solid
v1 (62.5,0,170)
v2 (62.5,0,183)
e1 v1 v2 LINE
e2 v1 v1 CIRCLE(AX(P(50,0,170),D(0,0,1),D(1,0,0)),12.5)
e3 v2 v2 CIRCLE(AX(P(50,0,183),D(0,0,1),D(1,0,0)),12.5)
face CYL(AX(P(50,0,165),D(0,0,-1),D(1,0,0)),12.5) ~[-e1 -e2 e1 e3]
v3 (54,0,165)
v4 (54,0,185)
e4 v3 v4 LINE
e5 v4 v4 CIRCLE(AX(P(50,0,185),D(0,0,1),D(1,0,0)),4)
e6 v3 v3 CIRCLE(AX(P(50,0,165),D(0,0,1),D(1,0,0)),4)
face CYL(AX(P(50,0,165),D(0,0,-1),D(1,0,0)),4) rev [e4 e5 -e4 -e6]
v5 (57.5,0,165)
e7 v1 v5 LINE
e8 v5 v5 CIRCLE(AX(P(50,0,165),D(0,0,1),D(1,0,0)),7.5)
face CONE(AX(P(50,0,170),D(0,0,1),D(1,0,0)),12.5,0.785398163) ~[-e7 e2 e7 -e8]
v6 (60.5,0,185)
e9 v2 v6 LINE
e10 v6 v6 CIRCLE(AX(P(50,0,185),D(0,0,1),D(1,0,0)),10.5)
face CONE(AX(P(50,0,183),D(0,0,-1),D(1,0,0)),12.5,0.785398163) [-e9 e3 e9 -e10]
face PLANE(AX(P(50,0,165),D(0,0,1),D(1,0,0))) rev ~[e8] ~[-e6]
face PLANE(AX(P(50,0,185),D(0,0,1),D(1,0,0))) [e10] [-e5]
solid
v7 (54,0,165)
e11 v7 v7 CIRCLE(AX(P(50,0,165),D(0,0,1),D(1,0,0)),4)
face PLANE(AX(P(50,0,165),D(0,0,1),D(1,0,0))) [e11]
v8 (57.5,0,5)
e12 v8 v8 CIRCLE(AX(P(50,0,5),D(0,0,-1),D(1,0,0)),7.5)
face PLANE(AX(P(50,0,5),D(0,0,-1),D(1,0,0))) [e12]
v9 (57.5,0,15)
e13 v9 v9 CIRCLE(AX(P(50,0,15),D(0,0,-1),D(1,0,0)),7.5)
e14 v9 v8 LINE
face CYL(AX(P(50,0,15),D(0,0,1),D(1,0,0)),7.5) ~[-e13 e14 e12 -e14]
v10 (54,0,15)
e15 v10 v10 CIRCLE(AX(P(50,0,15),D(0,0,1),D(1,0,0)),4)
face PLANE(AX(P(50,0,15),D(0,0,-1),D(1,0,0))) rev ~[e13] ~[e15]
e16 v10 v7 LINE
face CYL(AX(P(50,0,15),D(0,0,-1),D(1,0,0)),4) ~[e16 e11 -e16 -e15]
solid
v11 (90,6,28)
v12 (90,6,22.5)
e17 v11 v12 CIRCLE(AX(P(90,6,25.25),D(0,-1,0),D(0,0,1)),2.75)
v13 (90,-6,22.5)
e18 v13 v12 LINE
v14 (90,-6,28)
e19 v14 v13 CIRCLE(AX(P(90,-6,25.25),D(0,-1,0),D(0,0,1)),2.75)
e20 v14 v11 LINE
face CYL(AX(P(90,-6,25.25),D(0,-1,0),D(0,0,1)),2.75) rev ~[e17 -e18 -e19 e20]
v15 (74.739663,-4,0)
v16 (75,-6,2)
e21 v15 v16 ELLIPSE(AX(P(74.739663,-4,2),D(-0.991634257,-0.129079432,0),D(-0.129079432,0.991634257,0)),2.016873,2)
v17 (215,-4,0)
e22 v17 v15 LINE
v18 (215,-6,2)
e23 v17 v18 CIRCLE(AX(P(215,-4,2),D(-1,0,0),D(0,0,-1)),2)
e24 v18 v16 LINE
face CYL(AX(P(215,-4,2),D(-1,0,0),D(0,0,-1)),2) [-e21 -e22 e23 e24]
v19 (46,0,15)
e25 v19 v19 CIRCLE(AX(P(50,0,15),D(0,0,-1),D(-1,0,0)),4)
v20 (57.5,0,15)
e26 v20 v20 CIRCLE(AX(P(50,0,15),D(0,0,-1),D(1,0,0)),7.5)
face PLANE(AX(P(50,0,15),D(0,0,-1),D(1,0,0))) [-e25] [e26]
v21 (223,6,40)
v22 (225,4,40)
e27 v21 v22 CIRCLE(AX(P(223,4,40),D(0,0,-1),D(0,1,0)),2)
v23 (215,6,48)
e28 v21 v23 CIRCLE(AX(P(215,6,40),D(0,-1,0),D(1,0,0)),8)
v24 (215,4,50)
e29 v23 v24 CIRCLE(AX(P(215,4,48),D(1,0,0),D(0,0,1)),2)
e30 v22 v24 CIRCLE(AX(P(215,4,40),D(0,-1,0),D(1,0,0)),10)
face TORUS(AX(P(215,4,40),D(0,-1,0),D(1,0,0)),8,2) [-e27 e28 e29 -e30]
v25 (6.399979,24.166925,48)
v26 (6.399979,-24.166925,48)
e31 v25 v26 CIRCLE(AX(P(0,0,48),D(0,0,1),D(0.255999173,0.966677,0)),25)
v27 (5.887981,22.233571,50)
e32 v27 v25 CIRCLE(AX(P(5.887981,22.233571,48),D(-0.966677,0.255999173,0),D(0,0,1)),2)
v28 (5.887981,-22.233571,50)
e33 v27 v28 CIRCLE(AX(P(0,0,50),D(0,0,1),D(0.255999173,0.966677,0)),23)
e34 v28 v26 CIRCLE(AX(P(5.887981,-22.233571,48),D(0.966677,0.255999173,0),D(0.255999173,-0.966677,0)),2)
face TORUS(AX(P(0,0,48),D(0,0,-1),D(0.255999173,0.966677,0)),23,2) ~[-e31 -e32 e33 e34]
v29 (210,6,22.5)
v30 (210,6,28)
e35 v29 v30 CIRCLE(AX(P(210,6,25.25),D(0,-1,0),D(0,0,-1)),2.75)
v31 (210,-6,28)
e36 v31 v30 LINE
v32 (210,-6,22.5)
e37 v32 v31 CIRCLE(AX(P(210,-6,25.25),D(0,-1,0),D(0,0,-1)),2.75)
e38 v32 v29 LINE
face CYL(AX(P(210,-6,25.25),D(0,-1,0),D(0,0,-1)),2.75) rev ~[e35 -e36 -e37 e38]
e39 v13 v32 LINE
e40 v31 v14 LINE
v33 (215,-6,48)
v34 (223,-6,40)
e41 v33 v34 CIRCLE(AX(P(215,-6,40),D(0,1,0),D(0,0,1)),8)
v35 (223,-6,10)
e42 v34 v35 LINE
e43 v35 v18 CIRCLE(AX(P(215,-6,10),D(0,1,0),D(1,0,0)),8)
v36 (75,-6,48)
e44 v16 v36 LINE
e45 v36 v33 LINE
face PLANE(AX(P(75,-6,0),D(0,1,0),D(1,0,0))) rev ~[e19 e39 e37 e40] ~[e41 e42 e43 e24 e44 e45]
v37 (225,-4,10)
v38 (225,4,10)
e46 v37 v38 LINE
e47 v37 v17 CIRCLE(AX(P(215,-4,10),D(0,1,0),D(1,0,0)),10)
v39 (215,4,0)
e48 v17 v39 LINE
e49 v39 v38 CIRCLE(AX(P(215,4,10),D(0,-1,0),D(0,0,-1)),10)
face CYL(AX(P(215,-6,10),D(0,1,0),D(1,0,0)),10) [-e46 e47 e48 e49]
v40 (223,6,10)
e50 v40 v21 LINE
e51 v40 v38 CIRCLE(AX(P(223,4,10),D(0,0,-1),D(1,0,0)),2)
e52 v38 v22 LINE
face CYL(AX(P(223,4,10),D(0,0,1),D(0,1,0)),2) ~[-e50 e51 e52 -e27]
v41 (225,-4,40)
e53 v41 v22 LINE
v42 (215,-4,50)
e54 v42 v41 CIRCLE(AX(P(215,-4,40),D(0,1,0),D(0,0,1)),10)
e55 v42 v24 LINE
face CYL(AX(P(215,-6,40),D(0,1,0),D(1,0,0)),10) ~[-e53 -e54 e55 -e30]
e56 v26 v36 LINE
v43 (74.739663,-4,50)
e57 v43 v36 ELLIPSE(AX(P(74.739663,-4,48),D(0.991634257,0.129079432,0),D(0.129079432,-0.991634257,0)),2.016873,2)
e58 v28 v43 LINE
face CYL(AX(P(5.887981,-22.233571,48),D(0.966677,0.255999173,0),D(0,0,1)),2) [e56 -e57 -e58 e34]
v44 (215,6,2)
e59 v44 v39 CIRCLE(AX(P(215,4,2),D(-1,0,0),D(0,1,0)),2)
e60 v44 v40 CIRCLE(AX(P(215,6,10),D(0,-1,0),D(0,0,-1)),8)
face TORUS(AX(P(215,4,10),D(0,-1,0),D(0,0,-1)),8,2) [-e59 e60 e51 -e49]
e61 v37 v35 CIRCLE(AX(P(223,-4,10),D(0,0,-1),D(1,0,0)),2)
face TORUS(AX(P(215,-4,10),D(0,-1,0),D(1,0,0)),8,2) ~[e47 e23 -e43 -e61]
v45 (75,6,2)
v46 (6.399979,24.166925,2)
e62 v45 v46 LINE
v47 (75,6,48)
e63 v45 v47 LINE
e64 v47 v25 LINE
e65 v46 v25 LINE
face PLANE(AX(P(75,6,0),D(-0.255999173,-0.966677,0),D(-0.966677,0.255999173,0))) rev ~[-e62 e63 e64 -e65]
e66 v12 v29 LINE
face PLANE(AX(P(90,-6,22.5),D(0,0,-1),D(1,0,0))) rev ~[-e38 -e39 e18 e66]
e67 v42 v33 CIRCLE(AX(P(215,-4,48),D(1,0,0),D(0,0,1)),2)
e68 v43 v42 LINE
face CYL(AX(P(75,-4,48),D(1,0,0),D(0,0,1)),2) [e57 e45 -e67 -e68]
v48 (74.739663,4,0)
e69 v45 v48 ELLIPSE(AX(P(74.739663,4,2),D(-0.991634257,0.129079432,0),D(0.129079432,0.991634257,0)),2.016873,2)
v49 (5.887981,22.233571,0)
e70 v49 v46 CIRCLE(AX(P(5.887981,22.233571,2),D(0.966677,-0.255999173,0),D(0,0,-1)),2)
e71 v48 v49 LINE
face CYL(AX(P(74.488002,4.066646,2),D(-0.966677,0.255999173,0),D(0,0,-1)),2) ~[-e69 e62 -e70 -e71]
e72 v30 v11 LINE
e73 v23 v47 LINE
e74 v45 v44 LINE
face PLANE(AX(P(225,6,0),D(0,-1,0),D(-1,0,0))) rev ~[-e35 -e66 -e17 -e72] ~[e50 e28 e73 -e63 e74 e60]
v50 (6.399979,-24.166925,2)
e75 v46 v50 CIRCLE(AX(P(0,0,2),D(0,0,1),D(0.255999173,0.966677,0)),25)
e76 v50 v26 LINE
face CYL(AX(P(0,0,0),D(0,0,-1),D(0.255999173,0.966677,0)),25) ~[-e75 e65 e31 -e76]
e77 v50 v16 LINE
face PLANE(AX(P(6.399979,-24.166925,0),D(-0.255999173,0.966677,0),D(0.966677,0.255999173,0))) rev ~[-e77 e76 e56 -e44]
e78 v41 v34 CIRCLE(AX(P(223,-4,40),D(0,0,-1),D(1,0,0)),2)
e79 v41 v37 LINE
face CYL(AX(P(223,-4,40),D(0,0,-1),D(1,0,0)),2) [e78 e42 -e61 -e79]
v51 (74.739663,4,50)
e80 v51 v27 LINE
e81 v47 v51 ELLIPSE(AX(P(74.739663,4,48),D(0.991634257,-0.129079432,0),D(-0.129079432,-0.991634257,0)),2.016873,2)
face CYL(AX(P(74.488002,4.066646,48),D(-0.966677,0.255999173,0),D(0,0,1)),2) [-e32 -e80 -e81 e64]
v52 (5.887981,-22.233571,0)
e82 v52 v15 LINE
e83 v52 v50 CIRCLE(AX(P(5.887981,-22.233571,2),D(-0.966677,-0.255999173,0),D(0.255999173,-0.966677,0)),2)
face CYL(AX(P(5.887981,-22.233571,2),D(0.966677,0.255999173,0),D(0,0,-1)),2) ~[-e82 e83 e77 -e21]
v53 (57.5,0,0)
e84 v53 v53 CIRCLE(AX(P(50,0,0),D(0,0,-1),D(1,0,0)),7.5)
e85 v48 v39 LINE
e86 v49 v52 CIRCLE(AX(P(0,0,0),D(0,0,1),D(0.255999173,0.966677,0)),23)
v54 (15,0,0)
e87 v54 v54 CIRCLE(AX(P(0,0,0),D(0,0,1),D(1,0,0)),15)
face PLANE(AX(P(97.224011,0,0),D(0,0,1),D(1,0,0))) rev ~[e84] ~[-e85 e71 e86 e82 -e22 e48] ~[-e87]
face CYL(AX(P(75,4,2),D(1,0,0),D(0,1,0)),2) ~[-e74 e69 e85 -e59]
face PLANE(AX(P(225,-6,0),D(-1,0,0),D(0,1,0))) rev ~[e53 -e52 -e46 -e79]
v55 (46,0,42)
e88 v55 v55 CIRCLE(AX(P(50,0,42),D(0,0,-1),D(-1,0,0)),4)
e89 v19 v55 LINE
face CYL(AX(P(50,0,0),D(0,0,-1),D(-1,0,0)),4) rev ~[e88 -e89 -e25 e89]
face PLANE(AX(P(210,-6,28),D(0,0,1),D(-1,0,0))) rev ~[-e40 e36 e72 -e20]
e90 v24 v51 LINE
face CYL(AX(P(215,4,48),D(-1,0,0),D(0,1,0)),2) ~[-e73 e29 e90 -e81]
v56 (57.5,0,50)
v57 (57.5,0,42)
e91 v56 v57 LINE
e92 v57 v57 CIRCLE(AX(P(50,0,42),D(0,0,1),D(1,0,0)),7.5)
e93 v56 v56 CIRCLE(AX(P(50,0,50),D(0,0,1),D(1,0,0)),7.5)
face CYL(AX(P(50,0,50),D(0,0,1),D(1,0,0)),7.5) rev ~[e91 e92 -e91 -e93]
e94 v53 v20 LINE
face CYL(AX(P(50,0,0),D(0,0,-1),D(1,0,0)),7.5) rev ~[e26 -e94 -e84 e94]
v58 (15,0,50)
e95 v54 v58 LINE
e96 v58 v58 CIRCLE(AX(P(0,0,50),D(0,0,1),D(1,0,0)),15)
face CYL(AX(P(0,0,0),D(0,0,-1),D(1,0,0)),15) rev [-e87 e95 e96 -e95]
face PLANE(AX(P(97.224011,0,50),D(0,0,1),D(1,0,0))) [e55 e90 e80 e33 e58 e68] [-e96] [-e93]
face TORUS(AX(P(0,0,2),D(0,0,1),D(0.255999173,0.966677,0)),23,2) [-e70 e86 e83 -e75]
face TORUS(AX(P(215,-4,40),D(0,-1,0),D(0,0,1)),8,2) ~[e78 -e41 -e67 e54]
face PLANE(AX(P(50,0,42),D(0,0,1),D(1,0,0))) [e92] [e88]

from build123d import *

# Parameters (mm, degrees)
F0_R      = 15
F1_DEPTH  = 50
F3_DEPTH  = 25
F4_R      = 7.5
F5_DEPTH  = 15
F6_R      = 7.5
F7_DEPTH  = 8
F8_R      = 10
F9_R      = 2
F10_DEPTH = 25
F11_R     = 7.5
F12_DEPTH = 10
F13_R     = 4
F14_DEPTH = 150
F15_R     = 12.5
F15_R_2   = 4
F16_DEPTH = 20
F17_SIZE  = 2
F18_SIZE  = 5


with BuildPart() as f1:
    # F0 (on Top) → F1 (new body)
    with BuildSketch(Plane.XY):
        with BuildLine():
            Line((225, 6), (75, 6))
            Line((75, 6), (6.3999793324, 24.1669250122))
            ThreePointArc((6.3999793324, 24.1669250122), (-25, 0), (6.3999793324, -24.1669250122))
            Line((6.3999793324, -24.1669250122), (75, -6))
            Line((75, -6), (225, -6))
            Line((225, -6), (225, 0))
            Line((225, 0), (225, 6))
        make_face()
        Circle(F0_R, mode=Mode.SUBTRACT)
        with BuildLine():
            ThreePointArc((54, 0), (50, -4), (46, 0))
            ThreePointArc((46, 0), (50, 4), (54, 0))
        make_face(mode=Mode.SUBTRACT)
    extrude(amount=F1_DEPTH)

    # F2 (on face) → F3 (cut)
    with BuildSketch(Plane.XZ.offset(6)):
        with BuildLine():
            ThreePointArc((90, 28), (87.25, 25.25), (90, 22.5))
            Line((90, 22.5), (150, 22.5))
            Line((150, 22.5), (210, 22.5))
            ThreePointArc((210, 22.5), (212.75, 25.25), (210, 28))
            Line((210, 28), (90, 28))
        make_face()
    extrude(amount=-F3_DEPTH, mode=Mode.SUBTRACT)

    # F4 (on face) → F5 (cut)
    with BuildSketch(Plane(origin=(0, 0, 0), x_dir=(1, 0, 0), z_dir=(0, 0, -1))):
        with Locations((50, 0)):
            Circle(F4_R)
    extrude(amount=-F5_DEPTH, mode=Mode.SUBTRACT)

    # F6 (on face) → F7 (cut)
    with BuildSketch(Plane.XY.offset(50)):
        with Locations((50, 0)):
            Circle(F6_R)
    extrude(amount=-F7_DEPTH, mode=Mode.SUBTRACT)

    # F8
    f8_edges = [f1.edges().sort_by_distance(p)[0] for p in [
        (225, 0, 50),
        (225, 0, 0),
    ]]
    fillet(f8_edges, radius=F8_R)

    # F9
    f9_edges = [f1.edges().sort_by_distance(p)[0] for p in [
        (145, 6, 50),
        (145, -6, 50),
        (40.69999, 15.083463, 50),
        (40.69999, 15.083463, 0),
    ]]
    fillet(f9_edges, radius=F9_R)

    # F2 (on face) → F10 (cut)
    with BuildSketch(Plane.XZ.offset(6)):
        with BuildLine():
            ThreePointArc((90, 28), (87.25, 25.25), (90, 22.5))
            Line((90, 22.5), (150, 22.5))
            Line((150, 22.5), (210, 22.5))
            ThreePointArc((210, 22.5), (212.75, 25.25), (210, 28))
            Line((210, 28), (90, 28))
        make_face()
    extrude(amount=-F10_DEPTH, mode=Mode.SUBTRACT)


with BuildPart() as f12:
    # F11 (on face) → F12 (new body)
    with BuildSketch(Plane(origin=(0, 0, 15), x_dir=(1, 0, 0), z_dir=(0, 0, -1))):
        with Locations((50, 0)):
            Circle(F11_R)
    extrude(amount=F12_DEPTH)

    # F13 (on face) → F14 (join)
    with BuildSketch(Plane.XY.offset(15)):
        with Locations((50, 0)):
            Circle(F13_R)
    extrude(amount=F14_DEPTH)


with BuildPart() as f16:
    # F15 (on face) → F16 (new body)
    with BuildSketch(Plane.XY.offset(165)):
        with Locations((50, 0)):
            Circle(F15_R)
        with Locations((50, 0)):
            Circle(F15_R_2, mode=Mode.SUBTRACT)
    extrude(amount=F16_DEPTH)

    # F17
    f17_edges = [f16.edges().sort_by_distance(p)[0] for p in [
        (37.5, 0, 185),
    ]]
    chamfer(f17_edges, length=F17_SIZE)

    # F18
    f18_edges = [f16.edges().sort_by_distance(p)[0] for p in [
        (37.5, 0, 165),
    ]]
    chamfer(f18_edges, length=F18_SIZE)


solid = Compound([f1.part, f12.part, f16.part])
